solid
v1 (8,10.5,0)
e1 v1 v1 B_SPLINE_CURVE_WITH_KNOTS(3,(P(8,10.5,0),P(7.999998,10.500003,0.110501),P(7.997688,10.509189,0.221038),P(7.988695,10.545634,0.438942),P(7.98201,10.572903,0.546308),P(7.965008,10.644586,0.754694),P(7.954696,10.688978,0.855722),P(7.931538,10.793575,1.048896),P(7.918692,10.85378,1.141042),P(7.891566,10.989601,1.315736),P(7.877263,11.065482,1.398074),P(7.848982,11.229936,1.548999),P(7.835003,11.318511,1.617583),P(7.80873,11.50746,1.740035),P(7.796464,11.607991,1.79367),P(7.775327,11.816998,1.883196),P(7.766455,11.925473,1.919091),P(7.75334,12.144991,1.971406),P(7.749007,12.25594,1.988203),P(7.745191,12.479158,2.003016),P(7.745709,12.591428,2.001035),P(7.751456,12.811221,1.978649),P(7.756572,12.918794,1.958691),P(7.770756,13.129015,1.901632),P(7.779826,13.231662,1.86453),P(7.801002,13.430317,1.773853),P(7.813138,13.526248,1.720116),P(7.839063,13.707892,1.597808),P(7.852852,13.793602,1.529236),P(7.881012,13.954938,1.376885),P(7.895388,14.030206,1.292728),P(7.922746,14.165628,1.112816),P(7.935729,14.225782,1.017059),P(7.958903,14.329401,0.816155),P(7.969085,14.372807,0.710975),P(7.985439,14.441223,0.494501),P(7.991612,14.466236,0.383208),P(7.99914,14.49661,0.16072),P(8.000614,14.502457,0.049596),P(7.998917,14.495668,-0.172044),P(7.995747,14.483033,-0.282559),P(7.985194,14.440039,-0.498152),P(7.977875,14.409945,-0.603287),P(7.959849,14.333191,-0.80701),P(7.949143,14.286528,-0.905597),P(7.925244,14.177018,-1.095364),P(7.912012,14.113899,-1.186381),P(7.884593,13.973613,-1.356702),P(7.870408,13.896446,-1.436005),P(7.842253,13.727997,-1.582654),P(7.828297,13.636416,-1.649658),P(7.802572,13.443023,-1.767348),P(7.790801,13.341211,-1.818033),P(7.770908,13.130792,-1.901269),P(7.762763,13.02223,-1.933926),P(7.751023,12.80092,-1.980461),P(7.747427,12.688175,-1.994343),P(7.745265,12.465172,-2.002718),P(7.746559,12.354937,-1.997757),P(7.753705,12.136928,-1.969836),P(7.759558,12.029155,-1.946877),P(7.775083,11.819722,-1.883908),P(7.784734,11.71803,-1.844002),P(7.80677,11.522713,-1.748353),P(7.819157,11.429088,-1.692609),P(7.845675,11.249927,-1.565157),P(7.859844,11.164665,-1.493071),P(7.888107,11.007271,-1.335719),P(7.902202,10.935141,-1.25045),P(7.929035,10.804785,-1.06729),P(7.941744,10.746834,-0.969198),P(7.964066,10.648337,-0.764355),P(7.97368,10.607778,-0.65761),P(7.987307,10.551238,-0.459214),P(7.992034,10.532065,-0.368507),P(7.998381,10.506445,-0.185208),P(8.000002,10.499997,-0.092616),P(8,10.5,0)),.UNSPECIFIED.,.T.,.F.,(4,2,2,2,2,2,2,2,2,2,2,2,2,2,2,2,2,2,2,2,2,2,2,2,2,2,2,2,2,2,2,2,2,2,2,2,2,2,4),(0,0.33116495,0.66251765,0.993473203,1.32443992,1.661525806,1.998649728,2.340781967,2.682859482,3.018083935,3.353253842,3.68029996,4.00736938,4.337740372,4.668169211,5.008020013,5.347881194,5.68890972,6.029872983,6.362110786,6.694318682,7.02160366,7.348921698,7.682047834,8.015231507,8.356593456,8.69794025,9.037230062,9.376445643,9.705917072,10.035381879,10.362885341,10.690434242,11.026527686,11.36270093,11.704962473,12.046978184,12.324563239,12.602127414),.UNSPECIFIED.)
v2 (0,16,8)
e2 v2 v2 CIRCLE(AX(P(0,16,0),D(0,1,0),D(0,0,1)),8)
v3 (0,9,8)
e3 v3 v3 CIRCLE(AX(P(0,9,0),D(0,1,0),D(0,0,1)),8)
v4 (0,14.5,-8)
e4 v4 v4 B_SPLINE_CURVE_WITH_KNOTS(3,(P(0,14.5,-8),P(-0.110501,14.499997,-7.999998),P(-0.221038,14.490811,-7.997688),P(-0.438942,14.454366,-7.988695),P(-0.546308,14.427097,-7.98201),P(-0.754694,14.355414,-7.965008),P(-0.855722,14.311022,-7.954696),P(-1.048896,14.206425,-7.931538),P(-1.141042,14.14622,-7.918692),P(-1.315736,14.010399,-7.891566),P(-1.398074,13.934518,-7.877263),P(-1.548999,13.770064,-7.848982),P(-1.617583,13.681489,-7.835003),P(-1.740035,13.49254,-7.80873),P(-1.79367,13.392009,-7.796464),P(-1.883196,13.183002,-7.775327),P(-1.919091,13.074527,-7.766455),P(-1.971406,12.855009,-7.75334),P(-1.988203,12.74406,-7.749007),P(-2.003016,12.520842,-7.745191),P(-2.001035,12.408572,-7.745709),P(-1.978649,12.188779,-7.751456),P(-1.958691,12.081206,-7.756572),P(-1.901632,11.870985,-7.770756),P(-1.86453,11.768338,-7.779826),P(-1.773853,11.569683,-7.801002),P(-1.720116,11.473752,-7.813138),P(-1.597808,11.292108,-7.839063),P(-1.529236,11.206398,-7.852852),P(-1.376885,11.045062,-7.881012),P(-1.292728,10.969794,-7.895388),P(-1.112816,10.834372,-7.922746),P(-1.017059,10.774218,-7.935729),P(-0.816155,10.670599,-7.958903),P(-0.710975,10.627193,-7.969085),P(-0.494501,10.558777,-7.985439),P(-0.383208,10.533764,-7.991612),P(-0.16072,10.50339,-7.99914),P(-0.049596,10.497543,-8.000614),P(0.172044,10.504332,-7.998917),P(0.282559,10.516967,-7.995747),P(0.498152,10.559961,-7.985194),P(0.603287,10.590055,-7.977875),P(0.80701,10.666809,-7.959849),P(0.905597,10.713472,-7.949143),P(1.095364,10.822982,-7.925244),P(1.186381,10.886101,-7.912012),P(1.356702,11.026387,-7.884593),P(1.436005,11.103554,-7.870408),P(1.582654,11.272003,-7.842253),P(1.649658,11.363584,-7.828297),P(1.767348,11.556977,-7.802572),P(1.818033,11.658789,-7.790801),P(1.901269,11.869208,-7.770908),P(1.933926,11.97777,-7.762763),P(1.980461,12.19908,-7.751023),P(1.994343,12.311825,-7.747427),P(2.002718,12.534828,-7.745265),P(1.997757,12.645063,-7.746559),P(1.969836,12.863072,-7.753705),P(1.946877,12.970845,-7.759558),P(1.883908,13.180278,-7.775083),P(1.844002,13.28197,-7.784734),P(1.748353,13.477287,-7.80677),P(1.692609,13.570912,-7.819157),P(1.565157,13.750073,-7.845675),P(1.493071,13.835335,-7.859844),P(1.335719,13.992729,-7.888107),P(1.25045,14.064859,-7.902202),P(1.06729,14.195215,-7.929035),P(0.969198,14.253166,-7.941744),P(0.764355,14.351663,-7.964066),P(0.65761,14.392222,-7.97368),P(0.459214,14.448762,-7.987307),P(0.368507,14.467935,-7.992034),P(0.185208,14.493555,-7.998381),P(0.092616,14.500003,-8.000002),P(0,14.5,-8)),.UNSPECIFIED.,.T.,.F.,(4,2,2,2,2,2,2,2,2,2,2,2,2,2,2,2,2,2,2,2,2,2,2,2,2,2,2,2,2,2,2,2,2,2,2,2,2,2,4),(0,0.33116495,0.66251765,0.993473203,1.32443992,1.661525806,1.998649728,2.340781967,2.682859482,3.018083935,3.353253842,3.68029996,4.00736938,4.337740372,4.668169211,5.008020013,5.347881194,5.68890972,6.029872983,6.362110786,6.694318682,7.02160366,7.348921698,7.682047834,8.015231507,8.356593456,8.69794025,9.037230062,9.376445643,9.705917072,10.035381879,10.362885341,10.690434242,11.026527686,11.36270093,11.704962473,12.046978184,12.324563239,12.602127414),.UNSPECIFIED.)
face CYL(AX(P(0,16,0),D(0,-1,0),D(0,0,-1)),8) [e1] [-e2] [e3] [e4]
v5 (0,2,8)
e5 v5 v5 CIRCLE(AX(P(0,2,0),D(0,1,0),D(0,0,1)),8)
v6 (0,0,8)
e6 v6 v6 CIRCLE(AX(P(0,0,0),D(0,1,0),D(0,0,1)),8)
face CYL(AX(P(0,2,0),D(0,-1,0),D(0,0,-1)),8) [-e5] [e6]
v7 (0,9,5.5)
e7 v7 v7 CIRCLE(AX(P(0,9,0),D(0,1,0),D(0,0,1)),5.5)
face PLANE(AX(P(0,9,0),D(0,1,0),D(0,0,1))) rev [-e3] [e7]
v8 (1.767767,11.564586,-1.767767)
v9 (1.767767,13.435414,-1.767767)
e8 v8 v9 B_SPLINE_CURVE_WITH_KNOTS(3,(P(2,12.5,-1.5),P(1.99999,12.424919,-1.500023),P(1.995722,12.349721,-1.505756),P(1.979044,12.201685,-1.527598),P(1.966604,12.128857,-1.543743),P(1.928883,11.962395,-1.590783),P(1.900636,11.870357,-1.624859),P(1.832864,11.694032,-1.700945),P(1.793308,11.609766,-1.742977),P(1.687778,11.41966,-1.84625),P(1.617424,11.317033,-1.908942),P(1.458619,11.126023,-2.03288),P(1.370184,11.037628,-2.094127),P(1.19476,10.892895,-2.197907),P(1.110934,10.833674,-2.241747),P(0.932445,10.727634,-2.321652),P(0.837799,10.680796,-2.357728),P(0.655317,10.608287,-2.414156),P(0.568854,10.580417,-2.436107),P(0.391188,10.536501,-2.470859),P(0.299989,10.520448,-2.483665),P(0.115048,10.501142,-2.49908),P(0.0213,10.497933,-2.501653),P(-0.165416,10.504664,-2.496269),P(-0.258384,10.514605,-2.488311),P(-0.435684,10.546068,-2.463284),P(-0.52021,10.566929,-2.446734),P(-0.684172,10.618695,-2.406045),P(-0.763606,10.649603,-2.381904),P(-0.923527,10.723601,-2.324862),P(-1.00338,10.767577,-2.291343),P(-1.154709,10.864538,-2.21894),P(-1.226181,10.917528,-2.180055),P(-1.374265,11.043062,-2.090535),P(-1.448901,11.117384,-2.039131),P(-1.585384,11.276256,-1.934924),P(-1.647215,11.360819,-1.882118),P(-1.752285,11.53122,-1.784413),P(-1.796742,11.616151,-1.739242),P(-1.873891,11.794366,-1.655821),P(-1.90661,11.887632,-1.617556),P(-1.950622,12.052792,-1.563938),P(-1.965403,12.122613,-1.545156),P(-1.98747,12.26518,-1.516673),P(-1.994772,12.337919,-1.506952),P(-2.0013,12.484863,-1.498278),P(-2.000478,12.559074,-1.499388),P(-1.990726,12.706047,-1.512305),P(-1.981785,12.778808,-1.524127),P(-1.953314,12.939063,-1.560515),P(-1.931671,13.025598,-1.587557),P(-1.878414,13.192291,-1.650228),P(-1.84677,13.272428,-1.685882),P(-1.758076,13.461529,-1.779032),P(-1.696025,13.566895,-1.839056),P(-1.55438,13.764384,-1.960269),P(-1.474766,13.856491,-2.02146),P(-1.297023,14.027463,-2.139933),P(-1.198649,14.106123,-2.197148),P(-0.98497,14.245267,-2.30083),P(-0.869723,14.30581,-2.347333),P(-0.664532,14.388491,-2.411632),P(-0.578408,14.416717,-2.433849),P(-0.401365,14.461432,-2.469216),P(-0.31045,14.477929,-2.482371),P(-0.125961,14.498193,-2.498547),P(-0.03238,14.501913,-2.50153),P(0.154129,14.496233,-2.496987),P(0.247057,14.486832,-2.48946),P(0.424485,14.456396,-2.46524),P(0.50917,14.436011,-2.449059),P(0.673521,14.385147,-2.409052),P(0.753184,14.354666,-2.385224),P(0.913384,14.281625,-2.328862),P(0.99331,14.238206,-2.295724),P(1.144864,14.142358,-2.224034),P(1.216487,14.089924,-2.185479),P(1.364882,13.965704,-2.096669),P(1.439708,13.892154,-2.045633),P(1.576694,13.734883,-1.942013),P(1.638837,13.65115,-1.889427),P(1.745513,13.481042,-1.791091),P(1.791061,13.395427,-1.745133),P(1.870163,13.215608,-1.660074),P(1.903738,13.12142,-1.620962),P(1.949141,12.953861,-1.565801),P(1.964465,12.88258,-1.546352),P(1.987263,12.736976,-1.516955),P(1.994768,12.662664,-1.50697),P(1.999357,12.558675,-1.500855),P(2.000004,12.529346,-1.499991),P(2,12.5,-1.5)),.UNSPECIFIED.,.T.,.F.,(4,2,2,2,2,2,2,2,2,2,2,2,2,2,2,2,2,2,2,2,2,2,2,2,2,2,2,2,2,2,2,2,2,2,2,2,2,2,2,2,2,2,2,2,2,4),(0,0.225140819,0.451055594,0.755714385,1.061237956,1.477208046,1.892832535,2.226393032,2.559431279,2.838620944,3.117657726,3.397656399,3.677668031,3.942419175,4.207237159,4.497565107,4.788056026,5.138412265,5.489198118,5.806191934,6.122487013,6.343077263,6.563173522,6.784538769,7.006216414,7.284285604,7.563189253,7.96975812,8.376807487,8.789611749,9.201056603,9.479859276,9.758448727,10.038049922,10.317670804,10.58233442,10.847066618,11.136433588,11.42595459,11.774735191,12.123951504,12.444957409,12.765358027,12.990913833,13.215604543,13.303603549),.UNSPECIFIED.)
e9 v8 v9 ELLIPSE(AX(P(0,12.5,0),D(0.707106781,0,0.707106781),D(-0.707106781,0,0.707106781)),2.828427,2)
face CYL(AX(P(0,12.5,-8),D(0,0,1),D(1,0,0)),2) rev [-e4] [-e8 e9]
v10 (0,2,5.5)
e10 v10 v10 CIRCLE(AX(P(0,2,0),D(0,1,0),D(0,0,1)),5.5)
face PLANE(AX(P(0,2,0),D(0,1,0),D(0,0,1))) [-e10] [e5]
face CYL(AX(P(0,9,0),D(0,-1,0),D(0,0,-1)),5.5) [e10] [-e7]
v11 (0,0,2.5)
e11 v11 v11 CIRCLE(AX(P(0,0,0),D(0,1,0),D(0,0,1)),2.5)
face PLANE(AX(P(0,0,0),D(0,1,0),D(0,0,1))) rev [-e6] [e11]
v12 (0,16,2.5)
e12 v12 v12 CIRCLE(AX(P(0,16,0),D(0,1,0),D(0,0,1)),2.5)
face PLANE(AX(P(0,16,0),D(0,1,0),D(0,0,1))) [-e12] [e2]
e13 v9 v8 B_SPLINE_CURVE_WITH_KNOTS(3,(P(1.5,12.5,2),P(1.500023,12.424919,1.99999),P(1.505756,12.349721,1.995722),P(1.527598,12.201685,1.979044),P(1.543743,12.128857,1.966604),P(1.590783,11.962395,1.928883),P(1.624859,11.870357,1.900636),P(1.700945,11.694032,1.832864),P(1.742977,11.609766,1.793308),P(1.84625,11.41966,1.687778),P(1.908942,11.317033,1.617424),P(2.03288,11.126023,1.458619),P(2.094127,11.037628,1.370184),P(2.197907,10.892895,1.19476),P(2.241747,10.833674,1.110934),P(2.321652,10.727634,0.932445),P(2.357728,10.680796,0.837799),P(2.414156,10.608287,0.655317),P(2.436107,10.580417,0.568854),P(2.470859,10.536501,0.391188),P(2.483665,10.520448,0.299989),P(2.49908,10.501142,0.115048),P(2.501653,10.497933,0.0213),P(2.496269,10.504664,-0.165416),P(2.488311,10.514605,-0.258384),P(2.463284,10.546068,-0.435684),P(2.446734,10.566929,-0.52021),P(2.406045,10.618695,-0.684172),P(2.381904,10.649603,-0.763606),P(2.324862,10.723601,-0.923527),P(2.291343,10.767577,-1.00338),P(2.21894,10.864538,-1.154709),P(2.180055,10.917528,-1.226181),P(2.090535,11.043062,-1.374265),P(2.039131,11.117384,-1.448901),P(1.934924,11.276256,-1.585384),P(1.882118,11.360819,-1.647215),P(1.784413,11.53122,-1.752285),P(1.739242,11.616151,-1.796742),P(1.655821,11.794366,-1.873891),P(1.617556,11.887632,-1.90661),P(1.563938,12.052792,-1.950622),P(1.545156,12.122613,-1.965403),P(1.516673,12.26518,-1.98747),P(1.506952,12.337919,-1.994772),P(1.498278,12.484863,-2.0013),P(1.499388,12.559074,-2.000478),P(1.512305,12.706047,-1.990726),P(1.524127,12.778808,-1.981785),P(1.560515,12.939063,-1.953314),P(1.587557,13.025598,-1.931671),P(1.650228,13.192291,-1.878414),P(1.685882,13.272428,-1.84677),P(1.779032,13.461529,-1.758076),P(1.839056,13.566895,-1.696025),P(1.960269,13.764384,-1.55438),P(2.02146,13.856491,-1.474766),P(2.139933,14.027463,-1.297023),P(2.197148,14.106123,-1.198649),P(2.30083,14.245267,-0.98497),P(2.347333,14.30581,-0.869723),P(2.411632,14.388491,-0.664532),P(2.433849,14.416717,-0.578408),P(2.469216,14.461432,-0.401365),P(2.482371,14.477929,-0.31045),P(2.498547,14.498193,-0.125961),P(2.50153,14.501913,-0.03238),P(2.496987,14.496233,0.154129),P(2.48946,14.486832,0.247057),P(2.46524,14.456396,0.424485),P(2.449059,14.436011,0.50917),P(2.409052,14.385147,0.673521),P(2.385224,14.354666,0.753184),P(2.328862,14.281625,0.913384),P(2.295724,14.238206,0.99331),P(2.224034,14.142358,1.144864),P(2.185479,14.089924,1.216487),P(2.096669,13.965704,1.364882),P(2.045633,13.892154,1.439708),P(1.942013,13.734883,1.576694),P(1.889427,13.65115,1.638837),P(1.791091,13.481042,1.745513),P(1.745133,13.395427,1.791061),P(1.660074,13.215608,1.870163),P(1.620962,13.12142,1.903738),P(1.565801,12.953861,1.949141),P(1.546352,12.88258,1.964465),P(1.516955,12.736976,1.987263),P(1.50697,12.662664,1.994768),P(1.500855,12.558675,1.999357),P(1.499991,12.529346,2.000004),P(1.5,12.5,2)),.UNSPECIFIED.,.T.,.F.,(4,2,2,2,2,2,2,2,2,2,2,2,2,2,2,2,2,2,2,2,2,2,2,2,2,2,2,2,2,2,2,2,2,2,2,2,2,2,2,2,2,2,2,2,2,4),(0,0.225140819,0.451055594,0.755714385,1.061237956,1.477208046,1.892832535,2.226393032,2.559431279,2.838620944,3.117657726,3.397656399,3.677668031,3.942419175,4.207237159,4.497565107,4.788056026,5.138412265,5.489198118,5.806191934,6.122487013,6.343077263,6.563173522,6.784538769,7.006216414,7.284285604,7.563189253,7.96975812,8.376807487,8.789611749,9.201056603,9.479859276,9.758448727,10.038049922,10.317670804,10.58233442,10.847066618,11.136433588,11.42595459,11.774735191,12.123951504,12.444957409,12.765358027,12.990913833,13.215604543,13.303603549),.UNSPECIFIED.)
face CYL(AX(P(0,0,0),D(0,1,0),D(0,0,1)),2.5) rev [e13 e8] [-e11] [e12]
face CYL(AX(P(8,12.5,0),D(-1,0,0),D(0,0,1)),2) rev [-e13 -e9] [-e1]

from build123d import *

# Parameters (mm, degrees)
SKETCH1_R           = 8
BOSS_EXTRUDE1_DEPTH = 2
SKETCH2_R           = 5.5
BOSS_EXTRUDE2_DEPTH = 7
SKETCH3_R           = 8
BOSS_EXTRUDE3_DEPTH = 7
SKETCH4_R           = 2.5
CUT_EXTRUDE2_DEPTH  = 17
SKETCH7_R           = 2
CUT_EXTRUDE3_DEPTH  = 9
CIRPATTERN1_COUNT   = 2
CIRPATTERN1_ANGLE   = 90


with BuildPart() as part:
    # Sketch1 → Boss-Extrude1 (new body)
    with BuildSketch(Plane(origin=(0, 0, 0), x_dir=(1, 0, 0), z_dir=(0, 1, 0))):
        Circle(SKETCH1_R)
    extrude(amount=BOSS_EXTRUDE1_DEPTH)

    # Sketch2 → Boss-Extrude2 (add)
    with BuildSketch(Plane(origin=(0, 2, 0), x_dir=(1, 0, 0), z_dir=(0, 1, 0))):
        Circle(SKETCH2_R)
    extrude(amount=BOSS_EXTRUDE2_DEPTH)

    # Sketch3 → Boss-Extrude3 (add)
    with BuildSketch(Plane(origin=(0, 9, 0), x_dir=(1, 0, 0), z_dir=(0, 1, 0))):
        Circle(SKETCH3_R)
    extrude(amount=BOSS_EXTRUDE3_DEPTH)

    # Sketch4 → Cut-Extrude2 (cut, through all)
    with BuildSketch(Plane(origin=(0, 16, 0), x_dir=(1, 0, 0), z_dir=(0, 1, 0))):
        Circle(SKETCH4_R)
    extrude(amount=-CUT_EXTRUDE2_DEPTH, mode=Mode.SUBTRACT)

    # Sketch7 → Cut-Extrude3 (cut, through all)
    with BuildSketch(Plane.XY):
        with Locations((0, 12.5)):
            Circle(SKETCH7_R)
    cut_extrude3 = extrude(amount=-CUT_EXTRUDE3_DEPTH, mode=Mode.SUBTRACT)

    # CirPattern1: Cut-Extrude3 ×2 about axis
    cirpattern1_axis = Axis((0, 16, 0), (0, -1, 0))
    for i in range(1, CIRPATTERN1_COUNT):
        add(cut_extrude3.rotate(cirpattern1_axis, i * CIRPATTERN1_ANGLE / (CIRPATTERN1_COUNT - 1)), mode=Mode.SUBTRACT)


solid = part.part
